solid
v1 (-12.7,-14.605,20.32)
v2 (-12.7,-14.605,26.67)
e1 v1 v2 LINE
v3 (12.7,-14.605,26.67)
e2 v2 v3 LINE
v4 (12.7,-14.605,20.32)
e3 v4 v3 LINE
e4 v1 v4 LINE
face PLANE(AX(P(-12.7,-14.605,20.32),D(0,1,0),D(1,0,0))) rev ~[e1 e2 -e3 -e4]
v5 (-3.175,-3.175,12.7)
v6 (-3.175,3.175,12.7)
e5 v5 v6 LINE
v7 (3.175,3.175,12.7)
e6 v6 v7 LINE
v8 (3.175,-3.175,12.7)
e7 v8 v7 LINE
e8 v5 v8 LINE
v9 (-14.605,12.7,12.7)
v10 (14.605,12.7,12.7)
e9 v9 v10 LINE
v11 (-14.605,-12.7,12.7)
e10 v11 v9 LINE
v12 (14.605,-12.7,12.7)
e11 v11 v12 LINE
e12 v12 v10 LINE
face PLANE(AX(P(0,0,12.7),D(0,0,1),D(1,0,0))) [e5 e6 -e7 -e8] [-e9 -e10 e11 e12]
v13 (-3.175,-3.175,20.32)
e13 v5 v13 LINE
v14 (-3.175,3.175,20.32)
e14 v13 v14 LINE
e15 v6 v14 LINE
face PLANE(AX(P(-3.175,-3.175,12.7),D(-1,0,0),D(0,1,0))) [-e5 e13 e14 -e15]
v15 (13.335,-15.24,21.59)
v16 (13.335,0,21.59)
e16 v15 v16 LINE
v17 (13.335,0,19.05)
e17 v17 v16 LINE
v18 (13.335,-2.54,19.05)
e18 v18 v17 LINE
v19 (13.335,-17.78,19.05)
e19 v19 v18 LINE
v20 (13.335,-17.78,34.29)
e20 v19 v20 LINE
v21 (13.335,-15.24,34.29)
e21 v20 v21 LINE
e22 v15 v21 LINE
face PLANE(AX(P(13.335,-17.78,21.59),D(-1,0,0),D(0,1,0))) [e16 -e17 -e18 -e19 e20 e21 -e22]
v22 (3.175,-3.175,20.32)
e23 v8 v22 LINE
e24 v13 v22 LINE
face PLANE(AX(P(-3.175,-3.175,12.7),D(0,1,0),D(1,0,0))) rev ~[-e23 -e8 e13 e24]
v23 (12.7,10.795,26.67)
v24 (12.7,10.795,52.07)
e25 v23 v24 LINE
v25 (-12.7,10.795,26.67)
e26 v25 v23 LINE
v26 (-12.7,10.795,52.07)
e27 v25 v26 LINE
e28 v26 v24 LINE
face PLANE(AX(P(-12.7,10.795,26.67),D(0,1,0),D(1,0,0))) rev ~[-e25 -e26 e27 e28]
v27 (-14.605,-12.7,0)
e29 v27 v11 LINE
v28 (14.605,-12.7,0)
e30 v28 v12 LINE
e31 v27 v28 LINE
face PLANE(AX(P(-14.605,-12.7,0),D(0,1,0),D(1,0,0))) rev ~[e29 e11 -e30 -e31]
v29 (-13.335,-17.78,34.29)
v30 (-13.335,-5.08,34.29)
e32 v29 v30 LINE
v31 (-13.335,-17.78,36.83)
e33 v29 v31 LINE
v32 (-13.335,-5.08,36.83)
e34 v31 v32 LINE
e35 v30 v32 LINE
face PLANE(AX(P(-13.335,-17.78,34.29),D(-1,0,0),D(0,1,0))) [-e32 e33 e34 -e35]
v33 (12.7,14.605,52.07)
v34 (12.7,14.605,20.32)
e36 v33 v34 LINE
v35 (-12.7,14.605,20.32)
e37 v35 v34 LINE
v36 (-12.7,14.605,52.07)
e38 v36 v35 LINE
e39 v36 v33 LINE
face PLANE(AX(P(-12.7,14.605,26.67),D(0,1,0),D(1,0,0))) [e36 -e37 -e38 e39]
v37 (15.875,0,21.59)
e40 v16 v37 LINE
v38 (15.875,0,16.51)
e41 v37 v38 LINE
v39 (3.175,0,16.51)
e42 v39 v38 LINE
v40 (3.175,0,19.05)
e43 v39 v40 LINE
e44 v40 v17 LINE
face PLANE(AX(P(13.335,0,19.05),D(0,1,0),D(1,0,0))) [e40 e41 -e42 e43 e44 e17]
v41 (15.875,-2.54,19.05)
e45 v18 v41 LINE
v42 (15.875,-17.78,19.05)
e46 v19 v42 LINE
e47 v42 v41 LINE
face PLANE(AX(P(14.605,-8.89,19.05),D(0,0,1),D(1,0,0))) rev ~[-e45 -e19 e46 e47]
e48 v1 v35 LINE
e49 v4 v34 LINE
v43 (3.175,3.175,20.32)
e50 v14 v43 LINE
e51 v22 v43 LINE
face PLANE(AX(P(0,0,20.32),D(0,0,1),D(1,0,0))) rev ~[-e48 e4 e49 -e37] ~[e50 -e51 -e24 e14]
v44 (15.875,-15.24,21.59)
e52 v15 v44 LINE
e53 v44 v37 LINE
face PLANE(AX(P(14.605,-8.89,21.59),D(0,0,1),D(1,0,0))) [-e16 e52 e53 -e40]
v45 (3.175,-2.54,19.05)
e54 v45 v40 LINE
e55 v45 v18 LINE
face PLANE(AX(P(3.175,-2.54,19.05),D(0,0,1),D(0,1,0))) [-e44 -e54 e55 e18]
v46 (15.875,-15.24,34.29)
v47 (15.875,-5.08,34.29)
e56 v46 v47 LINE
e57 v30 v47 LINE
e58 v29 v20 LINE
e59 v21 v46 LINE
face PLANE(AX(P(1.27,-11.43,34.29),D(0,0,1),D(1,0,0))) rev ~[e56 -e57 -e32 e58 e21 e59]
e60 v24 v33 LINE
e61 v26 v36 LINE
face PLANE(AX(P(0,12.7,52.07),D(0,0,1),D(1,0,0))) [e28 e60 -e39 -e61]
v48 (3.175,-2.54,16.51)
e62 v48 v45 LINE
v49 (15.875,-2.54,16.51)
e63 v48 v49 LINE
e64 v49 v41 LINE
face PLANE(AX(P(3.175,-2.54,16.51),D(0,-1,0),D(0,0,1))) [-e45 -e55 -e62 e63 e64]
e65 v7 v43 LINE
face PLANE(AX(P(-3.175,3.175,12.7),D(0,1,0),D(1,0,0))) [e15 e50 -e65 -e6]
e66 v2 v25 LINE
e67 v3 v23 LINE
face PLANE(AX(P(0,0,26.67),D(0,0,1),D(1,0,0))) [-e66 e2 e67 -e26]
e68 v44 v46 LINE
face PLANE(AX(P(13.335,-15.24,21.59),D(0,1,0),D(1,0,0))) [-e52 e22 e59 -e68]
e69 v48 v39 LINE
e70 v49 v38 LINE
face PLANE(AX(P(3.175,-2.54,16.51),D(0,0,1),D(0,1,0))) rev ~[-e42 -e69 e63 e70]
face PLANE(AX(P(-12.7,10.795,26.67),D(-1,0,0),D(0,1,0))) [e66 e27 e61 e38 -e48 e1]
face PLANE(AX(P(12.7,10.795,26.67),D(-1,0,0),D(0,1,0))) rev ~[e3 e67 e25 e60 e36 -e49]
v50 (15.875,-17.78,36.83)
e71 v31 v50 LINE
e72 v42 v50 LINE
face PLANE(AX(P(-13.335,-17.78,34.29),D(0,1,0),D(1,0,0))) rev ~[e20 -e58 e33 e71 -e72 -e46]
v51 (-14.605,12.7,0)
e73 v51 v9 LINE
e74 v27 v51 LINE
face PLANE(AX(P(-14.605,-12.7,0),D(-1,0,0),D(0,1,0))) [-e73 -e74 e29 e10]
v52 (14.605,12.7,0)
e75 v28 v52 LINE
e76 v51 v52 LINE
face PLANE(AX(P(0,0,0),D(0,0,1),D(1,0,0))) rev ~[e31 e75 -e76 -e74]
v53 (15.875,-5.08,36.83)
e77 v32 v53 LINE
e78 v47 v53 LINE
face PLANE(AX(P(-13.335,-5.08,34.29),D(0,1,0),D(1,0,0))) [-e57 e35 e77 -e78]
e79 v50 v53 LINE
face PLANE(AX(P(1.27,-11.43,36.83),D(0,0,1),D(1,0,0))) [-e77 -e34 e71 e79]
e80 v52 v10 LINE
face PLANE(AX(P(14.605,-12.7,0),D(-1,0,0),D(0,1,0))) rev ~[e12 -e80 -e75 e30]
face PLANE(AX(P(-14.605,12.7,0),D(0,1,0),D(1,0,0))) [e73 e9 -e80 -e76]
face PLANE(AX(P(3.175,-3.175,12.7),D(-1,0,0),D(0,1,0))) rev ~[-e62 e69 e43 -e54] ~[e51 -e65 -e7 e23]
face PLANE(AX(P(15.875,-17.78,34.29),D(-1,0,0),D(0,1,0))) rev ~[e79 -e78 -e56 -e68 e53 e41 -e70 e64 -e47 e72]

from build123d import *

# Parameters (mm, degrees)
F0_W      = 29.21
F0_H      = 25.4
F1_DEPTH  = 12.7
F2_W      = 6.35
F2_H      = 6.35
F3_DEPTH  = 7.62
F4_W      = 25.4
F4_H      = 29.21
F5_DEPTH  = 6.35
F6_W      = 25.4
F6_H      = 3.81
F7_DEPTH  = 25.4
F8_W      = 2.54
F8_H      = 2.54
F9_DEPTH  = 12.7
F10_W     = 2.54
F10_H     = 17.78
F11_DEPTH = 2.54
F12_W     = 2.54
F12_H     = 2.54
F13_DEPTH = 12.7
F14_W     = 29.21
F14_H     = 12.7
F15_DEPTH = 2.54


with BuildPart() as f1:
    # F0 (on Top) → F1 (new body)
    with BuildSketch(Plane.XY):
        Rectangle(F0_W, F0_H)
    extrude(amount=F1_DEPTH)

    # F2 (on face) → F3 (join)
    with BuildSketch(Plane.XY.offset(12.7)):
        Rectangle(F2_W, F2_H)
    extrude(amount=F3_DEPTH)

    # F4 (on face) → F5 (join)
    with BuildSketch(Plane.XY.offset(20.32)):
        Rectangle(F4_W, F4_H)
    extrude(amount=F5_DEPTH)

    # F6 (on face) → F7 (join)
    with BuildSketch(Plane.XY.offset(26.67)):
        with Locations((0, 12.7)):
            Rectangle(F6_W, F6_H)
    extrude(amount=F7_DEPTH)

    # F8 (on face) → F9 (join)
    with BuildSketch(Plane.YZ.offset(3.175)):
        with Locations((-1.27, 17.78)):
            Rectangle(F8_W, F8_H)
    extrude(amount=F9_DEPTH)

    # F10 (on face) → F11 (join)
    with BuildSketch(Plane.XY.offset(19.05)):
        with Locations((14.605, -8.89)):
            Rectangle(F10_W, F10_H)
    extrude(amount=F11_DEPTH)

    # F12 (on face) → F13 (join)
    with BuildSketch(Plane.XY.offset(21.59)):
        with Locations((14.605, -16.51)):
            Rectangle(F12_W, F12_H)
    extrude(amount=F13_DEPTH)

    # F14 (on face) → F15 (join)
    with BuildSketch(Plane.XY.offset(34.29)):
        with Locations((1.27, -11.43)):
            Rectangle(F14_W, F14_H)
    extrude(amount=F15_DEPTH)


solid = f1.part
